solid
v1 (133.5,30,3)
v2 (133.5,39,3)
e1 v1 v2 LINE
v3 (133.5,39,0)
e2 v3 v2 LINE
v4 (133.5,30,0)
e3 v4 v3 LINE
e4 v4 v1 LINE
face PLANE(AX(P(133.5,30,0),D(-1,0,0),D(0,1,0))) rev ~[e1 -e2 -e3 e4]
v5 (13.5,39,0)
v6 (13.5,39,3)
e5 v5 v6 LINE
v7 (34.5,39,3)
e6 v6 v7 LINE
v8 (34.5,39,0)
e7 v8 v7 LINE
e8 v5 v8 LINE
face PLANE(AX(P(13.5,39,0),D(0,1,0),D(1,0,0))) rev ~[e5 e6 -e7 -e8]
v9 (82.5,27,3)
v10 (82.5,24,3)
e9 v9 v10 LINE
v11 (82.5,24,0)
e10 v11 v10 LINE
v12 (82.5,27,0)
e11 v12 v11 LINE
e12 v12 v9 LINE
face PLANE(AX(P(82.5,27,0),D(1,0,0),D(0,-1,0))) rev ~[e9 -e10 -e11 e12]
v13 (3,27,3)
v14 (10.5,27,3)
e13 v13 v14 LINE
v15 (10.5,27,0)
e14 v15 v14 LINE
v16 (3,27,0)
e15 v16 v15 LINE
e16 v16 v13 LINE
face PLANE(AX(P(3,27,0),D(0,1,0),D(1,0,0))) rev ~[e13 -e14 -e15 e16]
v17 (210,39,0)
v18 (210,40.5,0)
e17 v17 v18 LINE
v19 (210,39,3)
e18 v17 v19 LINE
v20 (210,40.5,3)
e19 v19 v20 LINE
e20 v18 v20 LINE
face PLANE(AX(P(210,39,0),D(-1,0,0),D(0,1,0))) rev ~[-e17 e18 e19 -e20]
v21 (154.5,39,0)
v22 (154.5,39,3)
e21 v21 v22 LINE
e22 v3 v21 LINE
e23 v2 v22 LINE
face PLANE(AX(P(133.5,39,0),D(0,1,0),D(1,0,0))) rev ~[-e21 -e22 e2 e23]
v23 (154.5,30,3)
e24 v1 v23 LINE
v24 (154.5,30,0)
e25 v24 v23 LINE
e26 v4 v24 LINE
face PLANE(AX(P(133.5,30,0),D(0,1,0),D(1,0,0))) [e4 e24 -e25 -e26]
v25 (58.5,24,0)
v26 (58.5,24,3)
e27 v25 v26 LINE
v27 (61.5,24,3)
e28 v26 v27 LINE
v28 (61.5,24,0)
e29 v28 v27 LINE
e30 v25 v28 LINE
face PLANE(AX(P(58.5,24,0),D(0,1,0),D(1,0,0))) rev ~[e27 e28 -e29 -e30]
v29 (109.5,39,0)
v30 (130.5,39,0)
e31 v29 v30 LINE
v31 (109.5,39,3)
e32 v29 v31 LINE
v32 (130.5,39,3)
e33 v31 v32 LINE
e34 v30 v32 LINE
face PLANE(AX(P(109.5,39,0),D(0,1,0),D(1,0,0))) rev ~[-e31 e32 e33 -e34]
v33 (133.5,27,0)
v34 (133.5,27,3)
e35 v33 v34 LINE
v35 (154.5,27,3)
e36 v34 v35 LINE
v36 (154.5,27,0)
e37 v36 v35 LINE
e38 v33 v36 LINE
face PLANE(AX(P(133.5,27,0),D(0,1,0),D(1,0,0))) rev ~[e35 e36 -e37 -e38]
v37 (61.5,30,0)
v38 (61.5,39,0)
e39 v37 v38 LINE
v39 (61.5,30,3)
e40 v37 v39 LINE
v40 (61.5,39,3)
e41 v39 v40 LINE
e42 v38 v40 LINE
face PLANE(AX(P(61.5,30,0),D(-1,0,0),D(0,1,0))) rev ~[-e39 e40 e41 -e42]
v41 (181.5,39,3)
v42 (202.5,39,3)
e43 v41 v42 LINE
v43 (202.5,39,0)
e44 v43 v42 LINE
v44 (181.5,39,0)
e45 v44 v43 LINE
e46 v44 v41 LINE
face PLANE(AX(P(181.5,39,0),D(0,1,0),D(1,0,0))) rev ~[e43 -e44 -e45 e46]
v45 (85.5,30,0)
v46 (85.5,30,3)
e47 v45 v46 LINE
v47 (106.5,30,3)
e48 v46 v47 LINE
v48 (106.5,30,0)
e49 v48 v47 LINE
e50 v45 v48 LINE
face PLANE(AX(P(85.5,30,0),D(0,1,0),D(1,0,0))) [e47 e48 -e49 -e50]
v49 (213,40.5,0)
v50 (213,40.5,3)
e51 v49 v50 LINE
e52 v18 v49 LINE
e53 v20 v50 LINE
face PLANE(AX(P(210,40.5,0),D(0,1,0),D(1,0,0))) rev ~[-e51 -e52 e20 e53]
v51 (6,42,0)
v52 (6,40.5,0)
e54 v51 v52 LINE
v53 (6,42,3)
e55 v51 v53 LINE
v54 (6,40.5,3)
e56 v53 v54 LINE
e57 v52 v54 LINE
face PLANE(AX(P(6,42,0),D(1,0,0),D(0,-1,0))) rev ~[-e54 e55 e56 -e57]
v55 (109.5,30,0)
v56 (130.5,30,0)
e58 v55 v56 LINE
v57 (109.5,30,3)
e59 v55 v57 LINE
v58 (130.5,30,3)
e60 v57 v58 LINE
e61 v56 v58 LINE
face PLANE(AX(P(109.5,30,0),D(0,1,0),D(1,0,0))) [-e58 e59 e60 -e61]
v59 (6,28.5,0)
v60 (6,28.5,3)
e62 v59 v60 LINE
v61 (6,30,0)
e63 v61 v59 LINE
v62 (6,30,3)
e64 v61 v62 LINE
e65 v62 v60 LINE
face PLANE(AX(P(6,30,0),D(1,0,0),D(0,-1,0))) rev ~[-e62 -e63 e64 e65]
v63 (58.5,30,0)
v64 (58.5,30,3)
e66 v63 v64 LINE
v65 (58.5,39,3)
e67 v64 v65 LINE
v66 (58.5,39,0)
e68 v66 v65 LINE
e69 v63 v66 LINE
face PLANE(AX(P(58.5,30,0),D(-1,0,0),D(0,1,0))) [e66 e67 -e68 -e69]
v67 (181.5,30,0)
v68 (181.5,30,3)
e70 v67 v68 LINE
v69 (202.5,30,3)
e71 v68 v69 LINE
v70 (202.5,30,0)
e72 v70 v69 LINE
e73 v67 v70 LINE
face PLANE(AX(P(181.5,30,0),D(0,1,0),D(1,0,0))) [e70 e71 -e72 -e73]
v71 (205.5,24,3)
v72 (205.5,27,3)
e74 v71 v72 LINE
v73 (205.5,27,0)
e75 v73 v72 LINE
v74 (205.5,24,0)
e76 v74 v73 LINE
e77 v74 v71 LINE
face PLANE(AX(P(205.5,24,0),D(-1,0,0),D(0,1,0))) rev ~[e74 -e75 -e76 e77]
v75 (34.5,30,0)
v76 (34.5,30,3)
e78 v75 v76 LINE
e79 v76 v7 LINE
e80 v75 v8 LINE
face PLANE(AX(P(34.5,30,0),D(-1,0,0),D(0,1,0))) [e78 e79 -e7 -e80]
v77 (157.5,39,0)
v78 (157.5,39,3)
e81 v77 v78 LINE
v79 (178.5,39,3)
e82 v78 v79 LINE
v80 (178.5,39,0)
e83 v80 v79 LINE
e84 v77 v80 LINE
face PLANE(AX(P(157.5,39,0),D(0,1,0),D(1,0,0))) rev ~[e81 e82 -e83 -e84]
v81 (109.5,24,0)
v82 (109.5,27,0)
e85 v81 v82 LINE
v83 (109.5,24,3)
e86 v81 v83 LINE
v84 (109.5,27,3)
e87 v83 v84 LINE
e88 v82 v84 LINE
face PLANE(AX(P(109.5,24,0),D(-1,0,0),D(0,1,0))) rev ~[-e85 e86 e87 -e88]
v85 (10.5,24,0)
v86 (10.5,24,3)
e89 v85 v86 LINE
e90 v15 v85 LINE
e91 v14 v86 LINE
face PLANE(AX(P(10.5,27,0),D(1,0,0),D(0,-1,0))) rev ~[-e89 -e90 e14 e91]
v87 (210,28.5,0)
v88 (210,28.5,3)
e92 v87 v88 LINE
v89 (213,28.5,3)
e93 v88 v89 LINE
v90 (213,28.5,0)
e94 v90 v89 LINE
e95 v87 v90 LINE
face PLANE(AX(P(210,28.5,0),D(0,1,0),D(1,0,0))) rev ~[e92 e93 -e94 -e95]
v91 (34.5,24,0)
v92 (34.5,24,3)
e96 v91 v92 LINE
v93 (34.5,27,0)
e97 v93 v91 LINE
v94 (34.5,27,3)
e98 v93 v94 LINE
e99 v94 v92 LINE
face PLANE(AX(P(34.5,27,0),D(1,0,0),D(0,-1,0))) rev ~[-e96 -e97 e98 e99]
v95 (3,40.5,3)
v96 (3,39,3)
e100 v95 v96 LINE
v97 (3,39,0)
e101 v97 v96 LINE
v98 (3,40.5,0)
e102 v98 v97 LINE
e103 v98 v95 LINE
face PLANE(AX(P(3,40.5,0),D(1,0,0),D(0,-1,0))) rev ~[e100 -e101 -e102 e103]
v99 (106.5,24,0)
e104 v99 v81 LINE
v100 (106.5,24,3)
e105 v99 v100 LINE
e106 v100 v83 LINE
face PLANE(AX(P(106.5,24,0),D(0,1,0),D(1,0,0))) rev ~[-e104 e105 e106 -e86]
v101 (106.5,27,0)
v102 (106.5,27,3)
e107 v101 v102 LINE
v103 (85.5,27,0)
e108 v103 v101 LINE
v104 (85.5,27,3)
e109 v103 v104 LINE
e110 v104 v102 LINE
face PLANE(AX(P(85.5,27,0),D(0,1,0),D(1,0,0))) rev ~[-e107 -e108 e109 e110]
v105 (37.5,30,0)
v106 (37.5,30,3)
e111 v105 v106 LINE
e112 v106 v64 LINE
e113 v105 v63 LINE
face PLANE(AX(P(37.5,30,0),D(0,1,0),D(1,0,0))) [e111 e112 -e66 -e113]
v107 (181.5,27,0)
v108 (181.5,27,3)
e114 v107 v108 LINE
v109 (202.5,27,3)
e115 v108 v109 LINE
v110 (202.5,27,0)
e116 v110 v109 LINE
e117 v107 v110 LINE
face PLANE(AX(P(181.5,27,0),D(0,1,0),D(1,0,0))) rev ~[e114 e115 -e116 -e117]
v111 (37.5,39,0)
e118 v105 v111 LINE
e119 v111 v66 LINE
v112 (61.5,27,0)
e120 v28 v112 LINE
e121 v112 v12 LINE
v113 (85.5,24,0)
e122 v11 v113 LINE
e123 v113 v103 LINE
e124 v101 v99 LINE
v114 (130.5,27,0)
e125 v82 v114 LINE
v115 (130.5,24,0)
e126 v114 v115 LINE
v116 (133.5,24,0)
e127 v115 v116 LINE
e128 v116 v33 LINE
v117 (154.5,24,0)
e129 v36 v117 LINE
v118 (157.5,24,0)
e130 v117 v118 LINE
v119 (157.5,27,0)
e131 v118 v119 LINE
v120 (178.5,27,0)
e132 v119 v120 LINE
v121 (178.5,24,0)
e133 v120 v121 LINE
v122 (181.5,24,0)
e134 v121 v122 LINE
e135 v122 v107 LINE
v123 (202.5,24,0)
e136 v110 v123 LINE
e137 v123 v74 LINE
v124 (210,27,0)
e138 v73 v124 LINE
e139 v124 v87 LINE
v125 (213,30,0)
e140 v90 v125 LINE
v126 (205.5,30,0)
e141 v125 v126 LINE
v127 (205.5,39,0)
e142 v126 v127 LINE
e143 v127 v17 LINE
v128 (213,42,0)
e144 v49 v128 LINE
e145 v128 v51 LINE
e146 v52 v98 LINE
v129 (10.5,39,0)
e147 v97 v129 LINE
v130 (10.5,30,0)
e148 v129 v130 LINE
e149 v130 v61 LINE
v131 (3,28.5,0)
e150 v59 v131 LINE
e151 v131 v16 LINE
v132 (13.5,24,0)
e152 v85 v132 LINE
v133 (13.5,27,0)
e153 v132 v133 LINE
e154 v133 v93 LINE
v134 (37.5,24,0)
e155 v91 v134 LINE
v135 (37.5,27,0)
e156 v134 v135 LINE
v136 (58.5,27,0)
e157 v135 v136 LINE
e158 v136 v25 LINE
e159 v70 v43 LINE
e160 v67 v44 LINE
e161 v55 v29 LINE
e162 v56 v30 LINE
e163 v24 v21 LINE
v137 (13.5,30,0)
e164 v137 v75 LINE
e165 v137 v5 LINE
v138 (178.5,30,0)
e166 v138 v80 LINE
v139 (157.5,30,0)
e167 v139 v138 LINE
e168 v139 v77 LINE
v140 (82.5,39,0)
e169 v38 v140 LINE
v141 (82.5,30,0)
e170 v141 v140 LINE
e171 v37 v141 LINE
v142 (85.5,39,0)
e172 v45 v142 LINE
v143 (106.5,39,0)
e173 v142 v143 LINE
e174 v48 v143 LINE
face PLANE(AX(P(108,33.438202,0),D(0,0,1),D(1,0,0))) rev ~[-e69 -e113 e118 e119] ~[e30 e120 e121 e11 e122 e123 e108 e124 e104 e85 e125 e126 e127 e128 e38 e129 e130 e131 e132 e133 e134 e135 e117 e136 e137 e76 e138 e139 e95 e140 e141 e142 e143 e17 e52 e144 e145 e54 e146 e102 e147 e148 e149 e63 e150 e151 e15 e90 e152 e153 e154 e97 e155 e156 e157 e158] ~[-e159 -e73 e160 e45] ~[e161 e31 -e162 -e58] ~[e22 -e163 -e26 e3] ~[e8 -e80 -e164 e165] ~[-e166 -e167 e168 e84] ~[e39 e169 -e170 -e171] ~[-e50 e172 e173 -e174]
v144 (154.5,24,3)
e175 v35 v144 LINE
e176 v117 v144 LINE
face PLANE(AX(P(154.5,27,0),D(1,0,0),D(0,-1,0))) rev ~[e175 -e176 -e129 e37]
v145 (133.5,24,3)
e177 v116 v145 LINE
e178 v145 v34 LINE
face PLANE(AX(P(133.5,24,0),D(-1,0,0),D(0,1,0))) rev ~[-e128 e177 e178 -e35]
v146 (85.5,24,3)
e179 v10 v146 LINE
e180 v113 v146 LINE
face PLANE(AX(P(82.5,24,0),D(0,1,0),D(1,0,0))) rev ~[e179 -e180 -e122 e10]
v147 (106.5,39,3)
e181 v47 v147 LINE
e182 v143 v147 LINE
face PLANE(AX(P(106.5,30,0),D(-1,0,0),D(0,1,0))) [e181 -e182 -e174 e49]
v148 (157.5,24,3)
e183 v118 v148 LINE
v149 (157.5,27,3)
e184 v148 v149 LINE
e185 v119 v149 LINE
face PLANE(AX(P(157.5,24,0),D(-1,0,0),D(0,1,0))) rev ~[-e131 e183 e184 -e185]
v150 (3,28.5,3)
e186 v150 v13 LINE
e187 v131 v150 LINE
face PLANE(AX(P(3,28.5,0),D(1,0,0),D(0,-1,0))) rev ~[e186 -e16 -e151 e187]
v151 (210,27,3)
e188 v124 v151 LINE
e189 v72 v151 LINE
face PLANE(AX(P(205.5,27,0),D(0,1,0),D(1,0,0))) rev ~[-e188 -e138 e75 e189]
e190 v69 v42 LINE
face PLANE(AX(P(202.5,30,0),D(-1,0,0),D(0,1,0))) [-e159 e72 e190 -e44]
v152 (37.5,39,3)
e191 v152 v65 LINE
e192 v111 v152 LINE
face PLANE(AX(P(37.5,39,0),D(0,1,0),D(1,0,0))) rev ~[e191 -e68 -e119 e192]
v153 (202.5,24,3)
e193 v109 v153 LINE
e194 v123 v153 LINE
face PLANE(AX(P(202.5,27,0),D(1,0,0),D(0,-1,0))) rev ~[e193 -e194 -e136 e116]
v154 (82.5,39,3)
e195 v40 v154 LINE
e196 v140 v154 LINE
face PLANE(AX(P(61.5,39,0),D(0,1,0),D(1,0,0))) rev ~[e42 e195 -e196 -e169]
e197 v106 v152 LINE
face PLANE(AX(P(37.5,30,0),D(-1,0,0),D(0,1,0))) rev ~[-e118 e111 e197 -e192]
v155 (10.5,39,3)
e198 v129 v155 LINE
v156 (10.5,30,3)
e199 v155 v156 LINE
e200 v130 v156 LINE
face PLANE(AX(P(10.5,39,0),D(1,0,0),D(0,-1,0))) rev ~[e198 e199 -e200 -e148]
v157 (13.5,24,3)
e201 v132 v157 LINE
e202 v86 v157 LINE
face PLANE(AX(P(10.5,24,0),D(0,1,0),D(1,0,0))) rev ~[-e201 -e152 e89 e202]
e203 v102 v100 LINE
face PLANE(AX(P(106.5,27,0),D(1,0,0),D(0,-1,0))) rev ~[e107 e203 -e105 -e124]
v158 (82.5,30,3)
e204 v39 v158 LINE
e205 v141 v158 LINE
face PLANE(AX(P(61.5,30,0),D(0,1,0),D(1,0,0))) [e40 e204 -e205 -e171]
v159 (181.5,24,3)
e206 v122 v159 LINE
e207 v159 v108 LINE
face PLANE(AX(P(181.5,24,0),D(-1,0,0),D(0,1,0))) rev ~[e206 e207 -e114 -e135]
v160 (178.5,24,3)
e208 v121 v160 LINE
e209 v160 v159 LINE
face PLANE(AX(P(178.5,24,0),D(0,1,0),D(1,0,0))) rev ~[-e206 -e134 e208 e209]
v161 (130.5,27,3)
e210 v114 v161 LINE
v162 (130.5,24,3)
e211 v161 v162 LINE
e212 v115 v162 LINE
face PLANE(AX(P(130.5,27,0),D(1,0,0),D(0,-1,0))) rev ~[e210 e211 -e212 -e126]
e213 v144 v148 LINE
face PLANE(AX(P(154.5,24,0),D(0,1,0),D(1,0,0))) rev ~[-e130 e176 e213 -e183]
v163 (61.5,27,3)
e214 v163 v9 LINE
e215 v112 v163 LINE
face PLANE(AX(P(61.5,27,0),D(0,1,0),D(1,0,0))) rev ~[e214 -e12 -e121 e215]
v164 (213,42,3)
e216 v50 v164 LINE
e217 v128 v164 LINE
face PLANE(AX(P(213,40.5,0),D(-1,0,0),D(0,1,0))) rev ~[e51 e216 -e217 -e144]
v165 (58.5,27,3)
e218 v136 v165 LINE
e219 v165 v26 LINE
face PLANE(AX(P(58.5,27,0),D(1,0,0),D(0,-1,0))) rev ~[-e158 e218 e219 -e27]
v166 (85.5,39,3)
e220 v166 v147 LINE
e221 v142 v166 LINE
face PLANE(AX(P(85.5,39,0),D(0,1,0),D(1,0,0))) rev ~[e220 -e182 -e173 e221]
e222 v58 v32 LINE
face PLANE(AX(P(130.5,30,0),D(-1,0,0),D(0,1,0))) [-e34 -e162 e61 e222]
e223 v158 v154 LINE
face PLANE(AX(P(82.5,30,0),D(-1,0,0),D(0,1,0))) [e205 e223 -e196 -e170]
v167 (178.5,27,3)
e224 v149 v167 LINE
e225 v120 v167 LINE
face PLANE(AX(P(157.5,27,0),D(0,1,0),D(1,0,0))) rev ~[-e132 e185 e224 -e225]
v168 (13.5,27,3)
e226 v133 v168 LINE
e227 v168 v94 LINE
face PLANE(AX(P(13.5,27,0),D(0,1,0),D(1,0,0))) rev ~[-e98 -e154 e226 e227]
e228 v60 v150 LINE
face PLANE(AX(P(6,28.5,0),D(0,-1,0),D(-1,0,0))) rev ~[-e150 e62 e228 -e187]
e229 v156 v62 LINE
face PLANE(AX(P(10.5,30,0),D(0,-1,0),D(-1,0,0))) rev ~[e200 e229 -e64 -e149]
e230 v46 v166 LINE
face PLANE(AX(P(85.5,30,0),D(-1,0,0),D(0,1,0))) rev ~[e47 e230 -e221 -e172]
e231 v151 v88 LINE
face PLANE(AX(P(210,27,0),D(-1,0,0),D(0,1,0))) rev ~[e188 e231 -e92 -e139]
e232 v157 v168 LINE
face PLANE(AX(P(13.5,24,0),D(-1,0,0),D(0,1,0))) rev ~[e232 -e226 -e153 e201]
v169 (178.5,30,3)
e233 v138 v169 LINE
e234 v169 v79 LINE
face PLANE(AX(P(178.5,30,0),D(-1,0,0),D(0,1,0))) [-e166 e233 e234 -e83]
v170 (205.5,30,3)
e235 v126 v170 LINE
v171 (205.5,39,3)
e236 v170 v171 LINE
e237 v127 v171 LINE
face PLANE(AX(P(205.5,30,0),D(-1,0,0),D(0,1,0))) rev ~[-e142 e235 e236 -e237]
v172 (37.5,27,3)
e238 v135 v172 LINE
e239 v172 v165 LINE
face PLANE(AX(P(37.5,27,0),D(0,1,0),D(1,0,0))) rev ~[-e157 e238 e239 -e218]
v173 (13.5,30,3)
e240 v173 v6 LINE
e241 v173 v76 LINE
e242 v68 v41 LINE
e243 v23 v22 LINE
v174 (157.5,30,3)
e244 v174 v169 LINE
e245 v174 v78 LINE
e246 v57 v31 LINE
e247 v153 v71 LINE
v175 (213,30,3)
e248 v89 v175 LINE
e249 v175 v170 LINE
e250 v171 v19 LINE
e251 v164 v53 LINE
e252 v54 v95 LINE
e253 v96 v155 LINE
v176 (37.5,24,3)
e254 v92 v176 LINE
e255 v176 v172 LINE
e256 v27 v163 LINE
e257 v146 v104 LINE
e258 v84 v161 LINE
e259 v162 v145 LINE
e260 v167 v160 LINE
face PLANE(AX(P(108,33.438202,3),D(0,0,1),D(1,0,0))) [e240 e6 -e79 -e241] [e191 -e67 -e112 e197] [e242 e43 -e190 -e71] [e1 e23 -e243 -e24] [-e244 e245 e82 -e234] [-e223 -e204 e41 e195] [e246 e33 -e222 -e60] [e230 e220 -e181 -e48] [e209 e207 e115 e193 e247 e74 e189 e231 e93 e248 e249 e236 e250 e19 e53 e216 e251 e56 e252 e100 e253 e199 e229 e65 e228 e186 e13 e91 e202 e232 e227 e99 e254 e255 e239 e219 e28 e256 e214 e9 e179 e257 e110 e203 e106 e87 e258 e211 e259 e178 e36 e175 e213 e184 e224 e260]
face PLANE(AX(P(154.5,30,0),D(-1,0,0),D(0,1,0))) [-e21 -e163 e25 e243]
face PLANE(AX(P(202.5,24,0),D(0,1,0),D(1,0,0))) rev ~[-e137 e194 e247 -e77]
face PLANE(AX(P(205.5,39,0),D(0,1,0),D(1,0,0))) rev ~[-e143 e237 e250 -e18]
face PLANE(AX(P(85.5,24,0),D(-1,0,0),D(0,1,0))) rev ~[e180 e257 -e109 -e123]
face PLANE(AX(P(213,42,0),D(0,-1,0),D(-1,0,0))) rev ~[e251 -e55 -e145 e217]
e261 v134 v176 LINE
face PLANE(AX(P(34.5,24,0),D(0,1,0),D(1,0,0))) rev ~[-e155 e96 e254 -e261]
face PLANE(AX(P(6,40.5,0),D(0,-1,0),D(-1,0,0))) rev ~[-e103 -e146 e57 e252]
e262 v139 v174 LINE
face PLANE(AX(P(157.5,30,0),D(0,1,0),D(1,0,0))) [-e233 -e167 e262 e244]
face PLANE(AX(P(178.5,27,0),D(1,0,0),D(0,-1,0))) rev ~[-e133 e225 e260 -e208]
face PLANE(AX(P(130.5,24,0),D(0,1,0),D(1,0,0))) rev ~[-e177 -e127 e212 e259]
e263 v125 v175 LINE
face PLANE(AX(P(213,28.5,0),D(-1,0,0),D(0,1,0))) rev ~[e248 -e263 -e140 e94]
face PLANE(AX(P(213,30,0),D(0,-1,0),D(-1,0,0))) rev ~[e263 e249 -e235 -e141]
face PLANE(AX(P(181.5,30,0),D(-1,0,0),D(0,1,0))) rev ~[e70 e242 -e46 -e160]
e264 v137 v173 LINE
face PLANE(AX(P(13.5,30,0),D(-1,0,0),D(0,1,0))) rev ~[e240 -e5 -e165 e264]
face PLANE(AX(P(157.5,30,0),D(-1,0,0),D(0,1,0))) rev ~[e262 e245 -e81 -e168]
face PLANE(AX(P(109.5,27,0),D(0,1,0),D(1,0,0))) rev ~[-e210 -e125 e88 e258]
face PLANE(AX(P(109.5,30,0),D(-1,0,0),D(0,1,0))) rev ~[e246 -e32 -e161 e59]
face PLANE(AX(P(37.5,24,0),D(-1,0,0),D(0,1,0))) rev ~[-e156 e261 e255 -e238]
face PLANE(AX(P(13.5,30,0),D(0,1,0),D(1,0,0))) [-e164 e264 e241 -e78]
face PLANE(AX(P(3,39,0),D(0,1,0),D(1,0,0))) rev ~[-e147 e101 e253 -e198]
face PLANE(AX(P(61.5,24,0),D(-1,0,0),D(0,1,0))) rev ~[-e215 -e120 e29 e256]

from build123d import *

# Parameters (mm, degrees)
SKETCH1_W           = 21
SKETCH1_H           = 9
BOSS_EXTRUDE1_DEPTH = 3


with BuildPart() as part:
    # Sketch1 → Boss-Extrude1 (new body)
    with BuildSketch(Plane.XY):
        Polygon((178.5, 24), (181.5, 24), (181.5, 27), (202.5, 27), (202.5, 24), (205.5, 24), (205.5, 27), (210, 27), (210, 28.5), (213, 28.5), (213, 30), (205.5, 30), (205.5, 39), (210, 39), (210, 40.5), (213, 40.5), (213, 42), (6, 42), (6, 40.5), (3, 40.5), (3, 39), (10.5, 39), (10.5, 30), (6, 30), (6, 28.5), (3, 28.5), (3, 27), (10.5, 27), (10.5, 24), (13.5, 24), (13.5, 27), (34.5, 27), (34.5, 24), (37.5, 24), (37.5, 27), (58.5, 27), (58.5, 24), (61.5, 24), (61.5, 27), (82.5, 27), (82.5, 24), (85.5, 24), (85.5, 27), (106.5, 27), (106.5, 24), (109.5, 24), (109.5, 27), (130.5, 27), (130.5, 24), (133.5, 24), (133.5, 27), (154.5, 27), (154.5, 24), (157.5, 24), (157.5, 27), (178.5, 27), align=None)
        with Locations((192, 34.5)):
            Rectangle(SKETCH1_W, SKETCH1_H, mode=Mode.SUBTRACT)
        with Locations((168, 34.5)):
            Rectangle(SKETCH1_W, SKETCH1_H, mode=Mode.SUBTRACT)
        with Locations((144, 34.5)):
            Rectangle(SKETCH1_W, SKETCH1_H, mode=Mode.SUBTRACT)
        with Locations((120, 34.5)):
            Rectangle(SKETCH1_W, SKETCH1_H, mode=Mode.SUBTRACT)
        with Locations((96, 34.5)):
            Rectangle(SKETCH1_W, SKETCH1_H, mode=Mode.SUBTRACT)
        with Locations((72, 34.5)):
            Rectangle(SKETCH1_W, SKETCH1_H, mode=Mode.SUBTRACT)
        with Locations((48, 34.5)):
            Rectangle(SKETCH1_W, SKETCH1_H, mode=Mode.SUBTRACT)
        with Locations((24, 34.5)):
            Rectangle(SKETCH1_W, SKETCH1_H, mode=Mode.SUBTRACT)
    extrude(amount=BOSS_EXTRUDE1_DEPTH)


solid = part.part
